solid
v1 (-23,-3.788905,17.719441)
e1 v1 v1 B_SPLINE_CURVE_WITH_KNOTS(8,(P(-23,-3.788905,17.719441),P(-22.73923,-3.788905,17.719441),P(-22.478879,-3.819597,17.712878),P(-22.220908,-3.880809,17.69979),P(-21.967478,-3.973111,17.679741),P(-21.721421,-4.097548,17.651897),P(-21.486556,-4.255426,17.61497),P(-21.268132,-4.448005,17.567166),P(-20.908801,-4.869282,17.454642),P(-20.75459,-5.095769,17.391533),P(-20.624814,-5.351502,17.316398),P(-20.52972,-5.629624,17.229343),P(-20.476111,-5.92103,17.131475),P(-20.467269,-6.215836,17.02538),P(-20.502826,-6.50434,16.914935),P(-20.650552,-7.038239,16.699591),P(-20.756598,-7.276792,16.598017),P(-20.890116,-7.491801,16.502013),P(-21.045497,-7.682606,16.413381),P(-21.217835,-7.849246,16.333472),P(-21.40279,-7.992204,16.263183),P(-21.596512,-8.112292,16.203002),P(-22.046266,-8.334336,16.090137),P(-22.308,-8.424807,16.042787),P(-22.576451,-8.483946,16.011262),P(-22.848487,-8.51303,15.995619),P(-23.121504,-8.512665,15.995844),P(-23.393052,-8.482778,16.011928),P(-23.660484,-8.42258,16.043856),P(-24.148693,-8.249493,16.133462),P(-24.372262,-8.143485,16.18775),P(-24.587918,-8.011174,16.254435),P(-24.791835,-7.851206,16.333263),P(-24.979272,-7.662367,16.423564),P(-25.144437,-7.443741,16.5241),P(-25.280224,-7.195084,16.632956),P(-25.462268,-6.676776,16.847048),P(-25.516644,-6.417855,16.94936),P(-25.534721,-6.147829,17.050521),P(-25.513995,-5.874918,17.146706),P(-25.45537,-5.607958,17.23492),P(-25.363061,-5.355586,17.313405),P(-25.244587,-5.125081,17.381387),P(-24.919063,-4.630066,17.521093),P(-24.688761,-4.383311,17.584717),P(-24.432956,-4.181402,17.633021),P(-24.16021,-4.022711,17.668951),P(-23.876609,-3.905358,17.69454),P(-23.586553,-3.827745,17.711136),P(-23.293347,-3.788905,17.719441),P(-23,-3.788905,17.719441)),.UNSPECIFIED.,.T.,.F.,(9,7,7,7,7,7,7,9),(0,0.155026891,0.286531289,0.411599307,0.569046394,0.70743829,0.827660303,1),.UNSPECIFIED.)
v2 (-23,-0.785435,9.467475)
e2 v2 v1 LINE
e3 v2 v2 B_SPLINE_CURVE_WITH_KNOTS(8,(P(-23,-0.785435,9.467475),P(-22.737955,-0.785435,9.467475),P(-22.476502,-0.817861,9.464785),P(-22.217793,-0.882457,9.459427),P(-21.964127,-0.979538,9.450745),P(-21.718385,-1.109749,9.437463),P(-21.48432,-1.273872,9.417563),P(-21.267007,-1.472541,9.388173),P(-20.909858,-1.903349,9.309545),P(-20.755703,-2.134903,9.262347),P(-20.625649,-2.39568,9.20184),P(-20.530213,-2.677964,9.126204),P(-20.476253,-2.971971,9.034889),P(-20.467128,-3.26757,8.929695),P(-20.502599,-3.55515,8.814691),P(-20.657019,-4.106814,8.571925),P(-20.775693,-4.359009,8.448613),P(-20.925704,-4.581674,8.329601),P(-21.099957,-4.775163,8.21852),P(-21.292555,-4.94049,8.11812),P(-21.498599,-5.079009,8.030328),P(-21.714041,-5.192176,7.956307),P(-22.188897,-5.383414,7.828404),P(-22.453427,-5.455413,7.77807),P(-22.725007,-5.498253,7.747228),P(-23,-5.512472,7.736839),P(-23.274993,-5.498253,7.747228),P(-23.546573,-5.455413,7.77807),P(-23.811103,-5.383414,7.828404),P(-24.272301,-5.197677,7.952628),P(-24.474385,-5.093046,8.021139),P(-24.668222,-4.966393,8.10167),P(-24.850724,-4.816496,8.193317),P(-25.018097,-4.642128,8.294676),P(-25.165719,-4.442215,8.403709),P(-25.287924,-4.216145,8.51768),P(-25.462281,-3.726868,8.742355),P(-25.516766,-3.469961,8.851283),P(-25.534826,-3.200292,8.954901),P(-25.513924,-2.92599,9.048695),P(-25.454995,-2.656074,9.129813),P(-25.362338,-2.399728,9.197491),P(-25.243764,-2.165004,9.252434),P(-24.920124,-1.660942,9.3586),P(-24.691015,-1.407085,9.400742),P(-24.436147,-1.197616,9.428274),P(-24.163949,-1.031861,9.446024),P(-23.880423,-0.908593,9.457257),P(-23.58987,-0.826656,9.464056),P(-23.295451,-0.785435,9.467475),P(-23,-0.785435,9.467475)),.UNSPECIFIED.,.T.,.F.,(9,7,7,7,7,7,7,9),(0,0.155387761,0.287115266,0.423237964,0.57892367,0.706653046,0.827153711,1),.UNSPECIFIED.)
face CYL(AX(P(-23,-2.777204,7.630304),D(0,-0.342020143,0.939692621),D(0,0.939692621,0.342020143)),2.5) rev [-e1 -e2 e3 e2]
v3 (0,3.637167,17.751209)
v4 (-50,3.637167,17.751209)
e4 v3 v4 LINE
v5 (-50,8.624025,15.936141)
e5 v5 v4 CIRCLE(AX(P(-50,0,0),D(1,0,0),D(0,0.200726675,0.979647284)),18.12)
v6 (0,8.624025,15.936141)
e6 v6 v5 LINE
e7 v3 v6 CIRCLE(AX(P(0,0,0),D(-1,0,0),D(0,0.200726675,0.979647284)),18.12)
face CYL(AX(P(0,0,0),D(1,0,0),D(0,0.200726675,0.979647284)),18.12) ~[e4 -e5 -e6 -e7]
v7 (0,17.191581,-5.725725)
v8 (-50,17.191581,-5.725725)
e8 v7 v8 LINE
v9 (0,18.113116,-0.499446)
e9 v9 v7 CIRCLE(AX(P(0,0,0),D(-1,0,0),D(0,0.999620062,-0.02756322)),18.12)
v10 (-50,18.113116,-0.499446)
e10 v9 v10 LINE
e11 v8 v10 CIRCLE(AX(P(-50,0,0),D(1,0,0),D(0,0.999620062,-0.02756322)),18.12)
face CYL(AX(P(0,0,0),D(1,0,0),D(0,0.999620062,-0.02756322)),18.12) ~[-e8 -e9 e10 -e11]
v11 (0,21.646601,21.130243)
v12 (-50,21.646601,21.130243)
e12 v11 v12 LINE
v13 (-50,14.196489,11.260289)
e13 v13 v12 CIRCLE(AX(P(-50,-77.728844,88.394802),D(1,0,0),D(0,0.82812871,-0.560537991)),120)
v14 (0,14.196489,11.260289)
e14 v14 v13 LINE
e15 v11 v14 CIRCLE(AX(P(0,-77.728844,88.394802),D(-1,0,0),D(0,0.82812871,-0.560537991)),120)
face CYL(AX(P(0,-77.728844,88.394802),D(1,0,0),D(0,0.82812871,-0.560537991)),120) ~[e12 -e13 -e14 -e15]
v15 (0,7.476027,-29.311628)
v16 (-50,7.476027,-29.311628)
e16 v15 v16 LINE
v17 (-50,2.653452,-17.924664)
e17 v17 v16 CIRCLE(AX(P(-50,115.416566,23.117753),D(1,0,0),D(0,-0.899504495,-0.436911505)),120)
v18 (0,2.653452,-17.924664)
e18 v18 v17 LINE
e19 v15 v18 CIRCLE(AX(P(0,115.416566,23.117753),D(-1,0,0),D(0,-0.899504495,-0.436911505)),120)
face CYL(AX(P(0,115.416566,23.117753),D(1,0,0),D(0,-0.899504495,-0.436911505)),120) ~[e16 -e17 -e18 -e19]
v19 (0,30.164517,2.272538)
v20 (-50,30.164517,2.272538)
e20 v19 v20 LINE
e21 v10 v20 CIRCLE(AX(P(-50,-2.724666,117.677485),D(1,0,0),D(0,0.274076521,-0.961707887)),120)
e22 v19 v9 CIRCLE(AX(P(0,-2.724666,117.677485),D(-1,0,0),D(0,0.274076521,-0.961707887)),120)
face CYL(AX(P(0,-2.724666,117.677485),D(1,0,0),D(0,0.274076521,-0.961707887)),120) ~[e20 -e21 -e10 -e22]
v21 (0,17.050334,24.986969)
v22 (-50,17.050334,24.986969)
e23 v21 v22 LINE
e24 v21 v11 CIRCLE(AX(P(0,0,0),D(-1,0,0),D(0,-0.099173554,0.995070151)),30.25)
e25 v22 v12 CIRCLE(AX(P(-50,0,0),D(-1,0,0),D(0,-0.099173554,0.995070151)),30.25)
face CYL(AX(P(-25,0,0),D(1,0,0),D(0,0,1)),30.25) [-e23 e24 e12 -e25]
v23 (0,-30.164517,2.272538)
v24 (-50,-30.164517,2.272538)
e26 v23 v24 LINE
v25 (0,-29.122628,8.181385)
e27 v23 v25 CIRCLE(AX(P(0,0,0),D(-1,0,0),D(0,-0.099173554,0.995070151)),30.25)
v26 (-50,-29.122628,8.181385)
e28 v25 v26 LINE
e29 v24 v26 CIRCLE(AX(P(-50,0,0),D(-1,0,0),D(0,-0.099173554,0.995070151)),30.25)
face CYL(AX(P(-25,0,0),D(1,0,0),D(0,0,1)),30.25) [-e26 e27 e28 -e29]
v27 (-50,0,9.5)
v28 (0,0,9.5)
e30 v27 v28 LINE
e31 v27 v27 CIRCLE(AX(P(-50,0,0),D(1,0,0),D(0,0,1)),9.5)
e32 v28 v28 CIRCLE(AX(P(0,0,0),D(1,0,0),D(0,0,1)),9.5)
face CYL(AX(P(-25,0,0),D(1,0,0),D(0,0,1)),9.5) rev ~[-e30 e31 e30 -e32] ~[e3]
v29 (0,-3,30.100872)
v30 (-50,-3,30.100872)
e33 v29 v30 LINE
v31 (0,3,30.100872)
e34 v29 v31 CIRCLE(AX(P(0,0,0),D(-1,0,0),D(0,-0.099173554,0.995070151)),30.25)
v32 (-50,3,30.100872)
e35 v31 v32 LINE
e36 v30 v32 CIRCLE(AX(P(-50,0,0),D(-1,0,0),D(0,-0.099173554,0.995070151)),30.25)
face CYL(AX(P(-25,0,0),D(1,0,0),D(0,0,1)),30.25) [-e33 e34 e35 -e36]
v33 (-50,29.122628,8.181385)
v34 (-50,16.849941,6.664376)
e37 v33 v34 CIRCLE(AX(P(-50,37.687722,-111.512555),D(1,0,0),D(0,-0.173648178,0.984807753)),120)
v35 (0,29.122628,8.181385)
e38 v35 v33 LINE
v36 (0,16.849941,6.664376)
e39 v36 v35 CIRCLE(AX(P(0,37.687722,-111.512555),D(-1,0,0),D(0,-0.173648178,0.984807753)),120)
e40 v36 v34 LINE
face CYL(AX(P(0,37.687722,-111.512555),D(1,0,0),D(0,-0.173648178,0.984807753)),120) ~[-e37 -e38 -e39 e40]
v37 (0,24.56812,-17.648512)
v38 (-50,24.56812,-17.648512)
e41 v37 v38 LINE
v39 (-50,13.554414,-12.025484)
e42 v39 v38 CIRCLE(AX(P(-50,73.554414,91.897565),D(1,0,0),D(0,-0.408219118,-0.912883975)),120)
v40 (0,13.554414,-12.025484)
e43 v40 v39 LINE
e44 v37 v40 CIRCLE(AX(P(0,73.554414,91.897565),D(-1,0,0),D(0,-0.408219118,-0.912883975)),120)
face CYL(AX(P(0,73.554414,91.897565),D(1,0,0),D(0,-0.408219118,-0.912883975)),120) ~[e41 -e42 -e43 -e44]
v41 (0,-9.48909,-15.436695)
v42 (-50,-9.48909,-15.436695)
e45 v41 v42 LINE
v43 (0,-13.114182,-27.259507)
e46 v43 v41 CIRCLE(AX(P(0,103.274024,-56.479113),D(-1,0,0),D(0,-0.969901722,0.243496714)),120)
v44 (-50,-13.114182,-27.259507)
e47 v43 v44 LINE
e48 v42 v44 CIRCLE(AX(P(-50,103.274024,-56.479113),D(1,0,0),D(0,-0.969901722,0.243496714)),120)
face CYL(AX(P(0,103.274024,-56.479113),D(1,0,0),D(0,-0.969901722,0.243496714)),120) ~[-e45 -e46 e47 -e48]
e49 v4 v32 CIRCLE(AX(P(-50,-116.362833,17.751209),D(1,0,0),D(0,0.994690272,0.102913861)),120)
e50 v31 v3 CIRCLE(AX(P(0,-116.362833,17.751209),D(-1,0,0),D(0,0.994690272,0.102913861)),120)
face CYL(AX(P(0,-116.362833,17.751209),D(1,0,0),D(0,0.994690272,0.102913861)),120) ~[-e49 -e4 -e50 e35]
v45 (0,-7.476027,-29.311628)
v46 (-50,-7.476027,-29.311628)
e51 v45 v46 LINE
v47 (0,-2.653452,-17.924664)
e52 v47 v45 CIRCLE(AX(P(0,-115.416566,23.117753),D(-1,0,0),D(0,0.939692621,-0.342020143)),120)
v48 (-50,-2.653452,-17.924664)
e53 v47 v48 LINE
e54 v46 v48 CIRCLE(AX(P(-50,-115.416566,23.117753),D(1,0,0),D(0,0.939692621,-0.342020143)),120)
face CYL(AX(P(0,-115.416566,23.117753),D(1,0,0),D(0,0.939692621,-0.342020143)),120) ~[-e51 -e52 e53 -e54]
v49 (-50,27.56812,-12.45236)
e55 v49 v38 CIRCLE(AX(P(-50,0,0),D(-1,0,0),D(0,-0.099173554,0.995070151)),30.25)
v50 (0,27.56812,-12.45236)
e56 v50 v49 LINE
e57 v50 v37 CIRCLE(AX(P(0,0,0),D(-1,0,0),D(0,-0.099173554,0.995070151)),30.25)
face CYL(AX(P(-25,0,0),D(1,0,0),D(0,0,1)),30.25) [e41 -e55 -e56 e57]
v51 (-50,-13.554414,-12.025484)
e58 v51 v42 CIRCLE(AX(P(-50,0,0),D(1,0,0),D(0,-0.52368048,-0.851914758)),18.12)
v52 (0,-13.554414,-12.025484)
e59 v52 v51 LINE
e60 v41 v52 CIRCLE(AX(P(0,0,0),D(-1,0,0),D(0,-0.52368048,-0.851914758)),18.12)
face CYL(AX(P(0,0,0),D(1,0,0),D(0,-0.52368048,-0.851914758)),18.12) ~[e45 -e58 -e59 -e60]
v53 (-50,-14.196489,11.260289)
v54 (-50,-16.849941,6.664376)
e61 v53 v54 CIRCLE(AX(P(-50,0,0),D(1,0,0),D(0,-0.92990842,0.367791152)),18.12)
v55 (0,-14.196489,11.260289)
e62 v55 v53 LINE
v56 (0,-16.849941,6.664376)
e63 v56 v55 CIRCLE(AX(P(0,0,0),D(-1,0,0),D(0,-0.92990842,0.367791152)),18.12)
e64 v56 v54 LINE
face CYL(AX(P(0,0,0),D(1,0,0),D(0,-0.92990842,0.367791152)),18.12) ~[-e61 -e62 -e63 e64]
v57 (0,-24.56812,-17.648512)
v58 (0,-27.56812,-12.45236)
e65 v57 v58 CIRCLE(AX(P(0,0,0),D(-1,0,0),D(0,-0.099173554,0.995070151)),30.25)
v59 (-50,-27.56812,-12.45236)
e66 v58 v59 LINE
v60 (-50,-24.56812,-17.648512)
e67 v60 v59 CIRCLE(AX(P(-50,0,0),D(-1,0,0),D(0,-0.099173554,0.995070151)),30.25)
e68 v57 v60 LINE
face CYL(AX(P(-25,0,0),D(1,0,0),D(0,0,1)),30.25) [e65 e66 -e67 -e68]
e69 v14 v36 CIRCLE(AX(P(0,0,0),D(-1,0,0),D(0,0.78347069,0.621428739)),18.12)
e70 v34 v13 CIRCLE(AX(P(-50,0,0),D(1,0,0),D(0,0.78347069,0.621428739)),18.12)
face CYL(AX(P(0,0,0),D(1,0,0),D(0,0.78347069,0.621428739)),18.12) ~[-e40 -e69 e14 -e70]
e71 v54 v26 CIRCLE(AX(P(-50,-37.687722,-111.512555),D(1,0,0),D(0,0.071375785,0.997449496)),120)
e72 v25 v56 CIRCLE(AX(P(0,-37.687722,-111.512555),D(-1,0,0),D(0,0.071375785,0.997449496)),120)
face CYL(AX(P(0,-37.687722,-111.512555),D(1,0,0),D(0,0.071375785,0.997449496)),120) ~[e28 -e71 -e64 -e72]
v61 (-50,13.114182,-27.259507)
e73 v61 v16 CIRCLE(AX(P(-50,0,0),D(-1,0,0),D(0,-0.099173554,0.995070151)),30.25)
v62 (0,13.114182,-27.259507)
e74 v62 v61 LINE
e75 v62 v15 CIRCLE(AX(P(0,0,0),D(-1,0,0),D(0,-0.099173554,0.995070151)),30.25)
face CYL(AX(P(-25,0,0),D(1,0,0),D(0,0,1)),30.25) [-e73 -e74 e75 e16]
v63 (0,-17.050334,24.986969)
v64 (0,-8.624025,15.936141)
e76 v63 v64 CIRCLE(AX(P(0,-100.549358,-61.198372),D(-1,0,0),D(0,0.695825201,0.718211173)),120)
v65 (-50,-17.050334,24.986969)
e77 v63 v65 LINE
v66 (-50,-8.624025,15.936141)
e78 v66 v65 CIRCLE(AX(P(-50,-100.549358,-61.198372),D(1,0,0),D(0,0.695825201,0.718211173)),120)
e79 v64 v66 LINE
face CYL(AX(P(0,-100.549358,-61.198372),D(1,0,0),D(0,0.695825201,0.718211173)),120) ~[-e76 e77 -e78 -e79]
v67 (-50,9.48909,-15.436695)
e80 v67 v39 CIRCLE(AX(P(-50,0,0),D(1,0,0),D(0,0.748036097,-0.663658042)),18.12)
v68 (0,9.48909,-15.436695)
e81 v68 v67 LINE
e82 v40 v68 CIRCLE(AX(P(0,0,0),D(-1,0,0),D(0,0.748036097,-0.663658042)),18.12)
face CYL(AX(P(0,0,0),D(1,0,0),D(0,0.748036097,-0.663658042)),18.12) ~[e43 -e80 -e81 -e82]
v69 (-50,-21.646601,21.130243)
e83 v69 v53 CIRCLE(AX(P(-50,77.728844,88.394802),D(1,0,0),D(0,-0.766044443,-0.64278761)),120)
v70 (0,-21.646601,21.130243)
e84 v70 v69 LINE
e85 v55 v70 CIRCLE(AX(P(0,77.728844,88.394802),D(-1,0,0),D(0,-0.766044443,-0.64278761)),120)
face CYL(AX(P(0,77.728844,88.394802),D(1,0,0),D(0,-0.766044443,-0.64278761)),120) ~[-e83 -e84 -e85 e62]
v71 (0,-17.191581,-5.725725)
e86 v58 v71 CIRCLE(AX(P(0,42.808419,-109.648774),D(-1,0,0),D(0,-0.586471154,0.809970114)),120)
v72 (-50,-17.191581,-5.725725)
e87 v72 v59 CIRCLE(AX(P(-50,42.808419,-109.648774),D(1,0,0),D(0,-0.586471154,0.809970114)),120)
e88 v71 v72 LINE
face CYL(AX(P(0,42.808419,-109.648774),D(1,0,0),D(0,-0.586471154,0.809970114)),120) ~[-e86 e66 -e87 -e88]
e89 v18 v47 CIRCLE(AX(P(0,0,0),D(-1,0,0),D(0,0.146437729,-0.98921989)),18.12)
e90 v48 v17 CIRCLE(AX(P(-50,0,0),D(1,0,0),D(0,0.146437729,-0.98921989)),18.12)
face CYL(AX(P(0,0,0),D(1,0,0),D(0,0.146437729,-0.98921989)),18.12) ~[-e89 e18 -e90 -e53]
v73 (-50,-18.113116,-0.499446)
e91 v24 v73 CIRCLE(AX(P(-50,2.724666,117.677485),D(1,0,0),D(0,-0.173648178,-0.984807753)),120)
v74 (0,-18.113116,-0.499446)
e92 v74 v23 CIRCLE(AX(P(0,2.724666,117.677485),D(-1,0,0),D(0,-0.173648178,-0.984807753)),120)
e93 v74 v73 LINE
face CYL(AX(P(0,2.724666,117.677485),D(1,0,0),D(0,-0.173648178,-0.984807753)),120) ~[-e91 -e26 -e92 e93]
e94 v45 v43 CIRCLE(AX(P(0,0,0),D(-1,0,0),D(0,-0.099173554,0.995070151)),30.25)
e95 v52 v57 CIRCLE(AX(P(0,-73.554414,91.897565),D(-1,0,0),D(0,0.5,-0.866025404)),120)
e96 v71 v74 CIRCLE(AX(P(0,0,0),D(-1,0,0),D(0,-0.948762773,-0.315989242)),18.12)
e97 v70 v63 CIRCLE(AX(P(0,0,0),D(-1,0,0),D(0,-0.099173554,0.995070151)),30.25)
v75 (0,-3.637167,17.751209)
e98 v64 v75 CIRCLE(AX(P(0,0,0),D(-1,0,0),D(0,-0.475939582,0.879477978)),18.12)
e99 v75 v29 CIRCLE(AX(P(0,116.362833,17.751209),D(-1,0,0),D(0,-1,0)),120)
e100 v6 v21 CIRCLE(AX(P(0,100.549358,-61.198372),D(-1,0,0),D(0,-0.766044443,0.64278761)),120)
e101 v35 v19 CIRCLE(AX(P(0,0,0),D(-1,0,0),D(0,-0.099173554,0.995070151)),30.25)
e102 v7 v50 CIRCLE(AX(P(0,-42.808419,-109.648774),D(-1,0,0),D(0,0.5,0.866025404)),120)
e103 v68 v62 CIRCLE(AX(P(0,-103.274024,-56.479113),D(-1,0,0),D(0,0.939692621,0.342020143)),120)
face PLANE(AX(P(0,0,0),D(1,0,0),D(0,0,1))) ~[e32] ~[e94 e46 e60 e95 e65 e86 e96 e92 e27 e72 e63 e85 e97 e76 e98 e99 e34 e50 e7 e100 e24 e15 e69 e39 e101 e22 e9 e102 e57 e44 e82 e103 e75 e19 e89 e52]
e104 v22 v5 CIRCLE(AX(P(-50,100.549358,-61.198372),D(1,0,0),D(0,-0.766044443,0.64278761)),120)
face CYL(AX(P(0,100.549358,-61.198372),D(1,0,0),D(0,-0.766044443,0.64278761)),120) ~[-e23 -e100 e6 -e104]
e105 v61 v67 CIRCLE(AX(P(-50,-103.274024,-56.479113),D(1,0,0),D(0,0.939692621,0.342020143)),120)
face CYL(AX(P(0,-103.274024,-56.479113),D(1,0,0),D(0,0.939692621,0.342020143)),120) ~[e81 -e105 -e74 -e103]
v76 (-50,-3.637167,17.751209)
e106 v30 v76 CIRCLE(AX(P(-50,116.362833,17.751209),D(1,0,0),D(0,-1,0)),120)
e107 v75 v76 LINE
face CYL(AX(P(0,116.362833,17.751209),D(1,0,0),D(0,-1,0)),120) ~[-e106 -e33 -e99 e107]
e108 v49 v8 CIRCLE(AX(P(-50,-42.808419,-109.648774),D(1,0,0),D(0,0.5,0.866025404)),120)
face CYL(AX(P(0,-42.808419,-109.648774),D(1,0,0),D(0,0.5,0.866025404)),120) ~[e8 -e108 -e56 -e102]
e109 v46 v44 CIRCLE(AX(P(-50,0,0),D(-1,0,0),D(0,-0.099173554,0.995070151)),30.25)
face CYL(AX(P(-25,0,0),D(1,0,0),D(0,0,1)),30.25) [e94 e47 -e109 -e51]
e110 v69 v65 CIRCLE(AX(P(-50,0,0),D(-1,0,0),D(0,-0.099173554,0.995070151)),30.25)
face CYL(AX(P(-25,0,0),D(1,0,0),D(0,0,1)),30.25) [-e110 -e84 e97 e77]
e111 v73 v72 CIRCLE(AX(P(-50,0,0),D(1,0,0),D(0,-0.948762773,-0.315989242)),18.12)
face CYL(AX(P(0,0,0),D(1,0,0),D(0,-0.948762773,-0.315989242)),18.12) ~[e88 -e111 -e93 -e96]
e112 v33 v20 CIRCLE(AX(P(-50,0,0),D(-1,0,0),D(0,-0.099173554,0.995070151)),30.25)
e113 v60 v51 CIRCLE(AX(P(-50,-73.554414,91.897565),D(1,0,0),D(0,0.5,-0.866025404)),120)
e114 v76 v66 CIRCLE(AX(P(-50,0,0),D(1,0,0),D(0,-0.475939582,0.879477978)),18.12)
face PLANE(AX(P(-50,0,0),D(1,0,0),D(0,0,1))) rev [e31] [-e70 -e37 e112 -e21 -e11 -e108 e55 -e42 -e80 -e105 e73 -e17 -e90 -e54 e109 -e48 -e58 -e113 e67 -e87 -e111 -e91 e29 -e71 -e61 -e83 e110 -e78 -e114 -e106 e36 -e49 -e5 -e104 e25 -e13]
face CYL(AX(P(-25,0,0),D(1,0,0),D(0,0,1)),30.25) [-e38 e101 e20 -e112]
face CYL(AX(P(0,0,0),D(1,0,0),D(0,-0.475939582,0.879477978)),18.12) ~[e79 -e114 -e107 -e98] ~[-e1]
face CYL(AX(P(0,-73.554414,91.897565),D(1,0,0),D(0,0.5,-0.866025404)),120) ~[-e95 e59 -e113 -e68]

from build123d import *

# Parameters (mm, degrees)
F0_W     = 50
F0_H     = 20.75
F3_DEPTH = 50.001
F4_COUNT = 9


with BuildPart() as f1:
    # F0 (on Front) → F1 (revolve)
    with BuildSketch(Plane.XZ):
        with Locations((-25, 19.875)):
            Rectangle(F0_W, F0_H)
    revolve(axis=Axis((-20.0732499361, 0, 0), (1, 0, 0)))

    # F2 (on face) → F3 (cut, through all)
    with BuildSketch(Plane.YZ):
        with BuildLine():
            ThreePointArc((-8.6240252272, 15.9361409658), (-6.1974049971, 17.0272302886), (-3.6371673564, 17.7512087932))
            ThreePointArc((-3.6371673564, 17.7512087932), (-3.4777696522, 23.9342534629), (-3, 30.1008720804))
            ThreePointArc((-3, 30.1008720804), (-10.3461093356, 28.4257017788), (-17.0503342847, 24.9869686193))
            ThreePointArc((-17.0503342847, 24.9869686193), (-12.7205154565, 20.5701691072), (-8.6240252272, 15.9361409658))
        make_face()
    f3 = extrude(amount=-F3_DEPTH, mode=Mode.SUBTRACT)

    # F4: F3 ×9 about axis
    f4_axis = Axis((-20.0732499361, 0, 0), (1, 0, 0))
    for i in range(1, F4_COUNT):
        add(f3.rotate(f4_axis, i * 360 / F4_COUNT), mode=Mode.SUBTRACT)

    # F6 (on offset) → F7 (revolve, cut)
    with BuildSketch(Plane.YZ.offset(-23)):
        Polygon((-4.5322137317, 19.7616658885), (-6.8814452837, 18.9066155302), (-2.7772035638, 7.6303040808), (-0.4279720118, 8.4853544391), align=None)
    revolve(axis=Axis((-23, -3.7938283898, 10.4234578343), (0, 0.3420201433, -0.9396926208)), mode=Mode.SUBTRACT)


solid = f1.part
